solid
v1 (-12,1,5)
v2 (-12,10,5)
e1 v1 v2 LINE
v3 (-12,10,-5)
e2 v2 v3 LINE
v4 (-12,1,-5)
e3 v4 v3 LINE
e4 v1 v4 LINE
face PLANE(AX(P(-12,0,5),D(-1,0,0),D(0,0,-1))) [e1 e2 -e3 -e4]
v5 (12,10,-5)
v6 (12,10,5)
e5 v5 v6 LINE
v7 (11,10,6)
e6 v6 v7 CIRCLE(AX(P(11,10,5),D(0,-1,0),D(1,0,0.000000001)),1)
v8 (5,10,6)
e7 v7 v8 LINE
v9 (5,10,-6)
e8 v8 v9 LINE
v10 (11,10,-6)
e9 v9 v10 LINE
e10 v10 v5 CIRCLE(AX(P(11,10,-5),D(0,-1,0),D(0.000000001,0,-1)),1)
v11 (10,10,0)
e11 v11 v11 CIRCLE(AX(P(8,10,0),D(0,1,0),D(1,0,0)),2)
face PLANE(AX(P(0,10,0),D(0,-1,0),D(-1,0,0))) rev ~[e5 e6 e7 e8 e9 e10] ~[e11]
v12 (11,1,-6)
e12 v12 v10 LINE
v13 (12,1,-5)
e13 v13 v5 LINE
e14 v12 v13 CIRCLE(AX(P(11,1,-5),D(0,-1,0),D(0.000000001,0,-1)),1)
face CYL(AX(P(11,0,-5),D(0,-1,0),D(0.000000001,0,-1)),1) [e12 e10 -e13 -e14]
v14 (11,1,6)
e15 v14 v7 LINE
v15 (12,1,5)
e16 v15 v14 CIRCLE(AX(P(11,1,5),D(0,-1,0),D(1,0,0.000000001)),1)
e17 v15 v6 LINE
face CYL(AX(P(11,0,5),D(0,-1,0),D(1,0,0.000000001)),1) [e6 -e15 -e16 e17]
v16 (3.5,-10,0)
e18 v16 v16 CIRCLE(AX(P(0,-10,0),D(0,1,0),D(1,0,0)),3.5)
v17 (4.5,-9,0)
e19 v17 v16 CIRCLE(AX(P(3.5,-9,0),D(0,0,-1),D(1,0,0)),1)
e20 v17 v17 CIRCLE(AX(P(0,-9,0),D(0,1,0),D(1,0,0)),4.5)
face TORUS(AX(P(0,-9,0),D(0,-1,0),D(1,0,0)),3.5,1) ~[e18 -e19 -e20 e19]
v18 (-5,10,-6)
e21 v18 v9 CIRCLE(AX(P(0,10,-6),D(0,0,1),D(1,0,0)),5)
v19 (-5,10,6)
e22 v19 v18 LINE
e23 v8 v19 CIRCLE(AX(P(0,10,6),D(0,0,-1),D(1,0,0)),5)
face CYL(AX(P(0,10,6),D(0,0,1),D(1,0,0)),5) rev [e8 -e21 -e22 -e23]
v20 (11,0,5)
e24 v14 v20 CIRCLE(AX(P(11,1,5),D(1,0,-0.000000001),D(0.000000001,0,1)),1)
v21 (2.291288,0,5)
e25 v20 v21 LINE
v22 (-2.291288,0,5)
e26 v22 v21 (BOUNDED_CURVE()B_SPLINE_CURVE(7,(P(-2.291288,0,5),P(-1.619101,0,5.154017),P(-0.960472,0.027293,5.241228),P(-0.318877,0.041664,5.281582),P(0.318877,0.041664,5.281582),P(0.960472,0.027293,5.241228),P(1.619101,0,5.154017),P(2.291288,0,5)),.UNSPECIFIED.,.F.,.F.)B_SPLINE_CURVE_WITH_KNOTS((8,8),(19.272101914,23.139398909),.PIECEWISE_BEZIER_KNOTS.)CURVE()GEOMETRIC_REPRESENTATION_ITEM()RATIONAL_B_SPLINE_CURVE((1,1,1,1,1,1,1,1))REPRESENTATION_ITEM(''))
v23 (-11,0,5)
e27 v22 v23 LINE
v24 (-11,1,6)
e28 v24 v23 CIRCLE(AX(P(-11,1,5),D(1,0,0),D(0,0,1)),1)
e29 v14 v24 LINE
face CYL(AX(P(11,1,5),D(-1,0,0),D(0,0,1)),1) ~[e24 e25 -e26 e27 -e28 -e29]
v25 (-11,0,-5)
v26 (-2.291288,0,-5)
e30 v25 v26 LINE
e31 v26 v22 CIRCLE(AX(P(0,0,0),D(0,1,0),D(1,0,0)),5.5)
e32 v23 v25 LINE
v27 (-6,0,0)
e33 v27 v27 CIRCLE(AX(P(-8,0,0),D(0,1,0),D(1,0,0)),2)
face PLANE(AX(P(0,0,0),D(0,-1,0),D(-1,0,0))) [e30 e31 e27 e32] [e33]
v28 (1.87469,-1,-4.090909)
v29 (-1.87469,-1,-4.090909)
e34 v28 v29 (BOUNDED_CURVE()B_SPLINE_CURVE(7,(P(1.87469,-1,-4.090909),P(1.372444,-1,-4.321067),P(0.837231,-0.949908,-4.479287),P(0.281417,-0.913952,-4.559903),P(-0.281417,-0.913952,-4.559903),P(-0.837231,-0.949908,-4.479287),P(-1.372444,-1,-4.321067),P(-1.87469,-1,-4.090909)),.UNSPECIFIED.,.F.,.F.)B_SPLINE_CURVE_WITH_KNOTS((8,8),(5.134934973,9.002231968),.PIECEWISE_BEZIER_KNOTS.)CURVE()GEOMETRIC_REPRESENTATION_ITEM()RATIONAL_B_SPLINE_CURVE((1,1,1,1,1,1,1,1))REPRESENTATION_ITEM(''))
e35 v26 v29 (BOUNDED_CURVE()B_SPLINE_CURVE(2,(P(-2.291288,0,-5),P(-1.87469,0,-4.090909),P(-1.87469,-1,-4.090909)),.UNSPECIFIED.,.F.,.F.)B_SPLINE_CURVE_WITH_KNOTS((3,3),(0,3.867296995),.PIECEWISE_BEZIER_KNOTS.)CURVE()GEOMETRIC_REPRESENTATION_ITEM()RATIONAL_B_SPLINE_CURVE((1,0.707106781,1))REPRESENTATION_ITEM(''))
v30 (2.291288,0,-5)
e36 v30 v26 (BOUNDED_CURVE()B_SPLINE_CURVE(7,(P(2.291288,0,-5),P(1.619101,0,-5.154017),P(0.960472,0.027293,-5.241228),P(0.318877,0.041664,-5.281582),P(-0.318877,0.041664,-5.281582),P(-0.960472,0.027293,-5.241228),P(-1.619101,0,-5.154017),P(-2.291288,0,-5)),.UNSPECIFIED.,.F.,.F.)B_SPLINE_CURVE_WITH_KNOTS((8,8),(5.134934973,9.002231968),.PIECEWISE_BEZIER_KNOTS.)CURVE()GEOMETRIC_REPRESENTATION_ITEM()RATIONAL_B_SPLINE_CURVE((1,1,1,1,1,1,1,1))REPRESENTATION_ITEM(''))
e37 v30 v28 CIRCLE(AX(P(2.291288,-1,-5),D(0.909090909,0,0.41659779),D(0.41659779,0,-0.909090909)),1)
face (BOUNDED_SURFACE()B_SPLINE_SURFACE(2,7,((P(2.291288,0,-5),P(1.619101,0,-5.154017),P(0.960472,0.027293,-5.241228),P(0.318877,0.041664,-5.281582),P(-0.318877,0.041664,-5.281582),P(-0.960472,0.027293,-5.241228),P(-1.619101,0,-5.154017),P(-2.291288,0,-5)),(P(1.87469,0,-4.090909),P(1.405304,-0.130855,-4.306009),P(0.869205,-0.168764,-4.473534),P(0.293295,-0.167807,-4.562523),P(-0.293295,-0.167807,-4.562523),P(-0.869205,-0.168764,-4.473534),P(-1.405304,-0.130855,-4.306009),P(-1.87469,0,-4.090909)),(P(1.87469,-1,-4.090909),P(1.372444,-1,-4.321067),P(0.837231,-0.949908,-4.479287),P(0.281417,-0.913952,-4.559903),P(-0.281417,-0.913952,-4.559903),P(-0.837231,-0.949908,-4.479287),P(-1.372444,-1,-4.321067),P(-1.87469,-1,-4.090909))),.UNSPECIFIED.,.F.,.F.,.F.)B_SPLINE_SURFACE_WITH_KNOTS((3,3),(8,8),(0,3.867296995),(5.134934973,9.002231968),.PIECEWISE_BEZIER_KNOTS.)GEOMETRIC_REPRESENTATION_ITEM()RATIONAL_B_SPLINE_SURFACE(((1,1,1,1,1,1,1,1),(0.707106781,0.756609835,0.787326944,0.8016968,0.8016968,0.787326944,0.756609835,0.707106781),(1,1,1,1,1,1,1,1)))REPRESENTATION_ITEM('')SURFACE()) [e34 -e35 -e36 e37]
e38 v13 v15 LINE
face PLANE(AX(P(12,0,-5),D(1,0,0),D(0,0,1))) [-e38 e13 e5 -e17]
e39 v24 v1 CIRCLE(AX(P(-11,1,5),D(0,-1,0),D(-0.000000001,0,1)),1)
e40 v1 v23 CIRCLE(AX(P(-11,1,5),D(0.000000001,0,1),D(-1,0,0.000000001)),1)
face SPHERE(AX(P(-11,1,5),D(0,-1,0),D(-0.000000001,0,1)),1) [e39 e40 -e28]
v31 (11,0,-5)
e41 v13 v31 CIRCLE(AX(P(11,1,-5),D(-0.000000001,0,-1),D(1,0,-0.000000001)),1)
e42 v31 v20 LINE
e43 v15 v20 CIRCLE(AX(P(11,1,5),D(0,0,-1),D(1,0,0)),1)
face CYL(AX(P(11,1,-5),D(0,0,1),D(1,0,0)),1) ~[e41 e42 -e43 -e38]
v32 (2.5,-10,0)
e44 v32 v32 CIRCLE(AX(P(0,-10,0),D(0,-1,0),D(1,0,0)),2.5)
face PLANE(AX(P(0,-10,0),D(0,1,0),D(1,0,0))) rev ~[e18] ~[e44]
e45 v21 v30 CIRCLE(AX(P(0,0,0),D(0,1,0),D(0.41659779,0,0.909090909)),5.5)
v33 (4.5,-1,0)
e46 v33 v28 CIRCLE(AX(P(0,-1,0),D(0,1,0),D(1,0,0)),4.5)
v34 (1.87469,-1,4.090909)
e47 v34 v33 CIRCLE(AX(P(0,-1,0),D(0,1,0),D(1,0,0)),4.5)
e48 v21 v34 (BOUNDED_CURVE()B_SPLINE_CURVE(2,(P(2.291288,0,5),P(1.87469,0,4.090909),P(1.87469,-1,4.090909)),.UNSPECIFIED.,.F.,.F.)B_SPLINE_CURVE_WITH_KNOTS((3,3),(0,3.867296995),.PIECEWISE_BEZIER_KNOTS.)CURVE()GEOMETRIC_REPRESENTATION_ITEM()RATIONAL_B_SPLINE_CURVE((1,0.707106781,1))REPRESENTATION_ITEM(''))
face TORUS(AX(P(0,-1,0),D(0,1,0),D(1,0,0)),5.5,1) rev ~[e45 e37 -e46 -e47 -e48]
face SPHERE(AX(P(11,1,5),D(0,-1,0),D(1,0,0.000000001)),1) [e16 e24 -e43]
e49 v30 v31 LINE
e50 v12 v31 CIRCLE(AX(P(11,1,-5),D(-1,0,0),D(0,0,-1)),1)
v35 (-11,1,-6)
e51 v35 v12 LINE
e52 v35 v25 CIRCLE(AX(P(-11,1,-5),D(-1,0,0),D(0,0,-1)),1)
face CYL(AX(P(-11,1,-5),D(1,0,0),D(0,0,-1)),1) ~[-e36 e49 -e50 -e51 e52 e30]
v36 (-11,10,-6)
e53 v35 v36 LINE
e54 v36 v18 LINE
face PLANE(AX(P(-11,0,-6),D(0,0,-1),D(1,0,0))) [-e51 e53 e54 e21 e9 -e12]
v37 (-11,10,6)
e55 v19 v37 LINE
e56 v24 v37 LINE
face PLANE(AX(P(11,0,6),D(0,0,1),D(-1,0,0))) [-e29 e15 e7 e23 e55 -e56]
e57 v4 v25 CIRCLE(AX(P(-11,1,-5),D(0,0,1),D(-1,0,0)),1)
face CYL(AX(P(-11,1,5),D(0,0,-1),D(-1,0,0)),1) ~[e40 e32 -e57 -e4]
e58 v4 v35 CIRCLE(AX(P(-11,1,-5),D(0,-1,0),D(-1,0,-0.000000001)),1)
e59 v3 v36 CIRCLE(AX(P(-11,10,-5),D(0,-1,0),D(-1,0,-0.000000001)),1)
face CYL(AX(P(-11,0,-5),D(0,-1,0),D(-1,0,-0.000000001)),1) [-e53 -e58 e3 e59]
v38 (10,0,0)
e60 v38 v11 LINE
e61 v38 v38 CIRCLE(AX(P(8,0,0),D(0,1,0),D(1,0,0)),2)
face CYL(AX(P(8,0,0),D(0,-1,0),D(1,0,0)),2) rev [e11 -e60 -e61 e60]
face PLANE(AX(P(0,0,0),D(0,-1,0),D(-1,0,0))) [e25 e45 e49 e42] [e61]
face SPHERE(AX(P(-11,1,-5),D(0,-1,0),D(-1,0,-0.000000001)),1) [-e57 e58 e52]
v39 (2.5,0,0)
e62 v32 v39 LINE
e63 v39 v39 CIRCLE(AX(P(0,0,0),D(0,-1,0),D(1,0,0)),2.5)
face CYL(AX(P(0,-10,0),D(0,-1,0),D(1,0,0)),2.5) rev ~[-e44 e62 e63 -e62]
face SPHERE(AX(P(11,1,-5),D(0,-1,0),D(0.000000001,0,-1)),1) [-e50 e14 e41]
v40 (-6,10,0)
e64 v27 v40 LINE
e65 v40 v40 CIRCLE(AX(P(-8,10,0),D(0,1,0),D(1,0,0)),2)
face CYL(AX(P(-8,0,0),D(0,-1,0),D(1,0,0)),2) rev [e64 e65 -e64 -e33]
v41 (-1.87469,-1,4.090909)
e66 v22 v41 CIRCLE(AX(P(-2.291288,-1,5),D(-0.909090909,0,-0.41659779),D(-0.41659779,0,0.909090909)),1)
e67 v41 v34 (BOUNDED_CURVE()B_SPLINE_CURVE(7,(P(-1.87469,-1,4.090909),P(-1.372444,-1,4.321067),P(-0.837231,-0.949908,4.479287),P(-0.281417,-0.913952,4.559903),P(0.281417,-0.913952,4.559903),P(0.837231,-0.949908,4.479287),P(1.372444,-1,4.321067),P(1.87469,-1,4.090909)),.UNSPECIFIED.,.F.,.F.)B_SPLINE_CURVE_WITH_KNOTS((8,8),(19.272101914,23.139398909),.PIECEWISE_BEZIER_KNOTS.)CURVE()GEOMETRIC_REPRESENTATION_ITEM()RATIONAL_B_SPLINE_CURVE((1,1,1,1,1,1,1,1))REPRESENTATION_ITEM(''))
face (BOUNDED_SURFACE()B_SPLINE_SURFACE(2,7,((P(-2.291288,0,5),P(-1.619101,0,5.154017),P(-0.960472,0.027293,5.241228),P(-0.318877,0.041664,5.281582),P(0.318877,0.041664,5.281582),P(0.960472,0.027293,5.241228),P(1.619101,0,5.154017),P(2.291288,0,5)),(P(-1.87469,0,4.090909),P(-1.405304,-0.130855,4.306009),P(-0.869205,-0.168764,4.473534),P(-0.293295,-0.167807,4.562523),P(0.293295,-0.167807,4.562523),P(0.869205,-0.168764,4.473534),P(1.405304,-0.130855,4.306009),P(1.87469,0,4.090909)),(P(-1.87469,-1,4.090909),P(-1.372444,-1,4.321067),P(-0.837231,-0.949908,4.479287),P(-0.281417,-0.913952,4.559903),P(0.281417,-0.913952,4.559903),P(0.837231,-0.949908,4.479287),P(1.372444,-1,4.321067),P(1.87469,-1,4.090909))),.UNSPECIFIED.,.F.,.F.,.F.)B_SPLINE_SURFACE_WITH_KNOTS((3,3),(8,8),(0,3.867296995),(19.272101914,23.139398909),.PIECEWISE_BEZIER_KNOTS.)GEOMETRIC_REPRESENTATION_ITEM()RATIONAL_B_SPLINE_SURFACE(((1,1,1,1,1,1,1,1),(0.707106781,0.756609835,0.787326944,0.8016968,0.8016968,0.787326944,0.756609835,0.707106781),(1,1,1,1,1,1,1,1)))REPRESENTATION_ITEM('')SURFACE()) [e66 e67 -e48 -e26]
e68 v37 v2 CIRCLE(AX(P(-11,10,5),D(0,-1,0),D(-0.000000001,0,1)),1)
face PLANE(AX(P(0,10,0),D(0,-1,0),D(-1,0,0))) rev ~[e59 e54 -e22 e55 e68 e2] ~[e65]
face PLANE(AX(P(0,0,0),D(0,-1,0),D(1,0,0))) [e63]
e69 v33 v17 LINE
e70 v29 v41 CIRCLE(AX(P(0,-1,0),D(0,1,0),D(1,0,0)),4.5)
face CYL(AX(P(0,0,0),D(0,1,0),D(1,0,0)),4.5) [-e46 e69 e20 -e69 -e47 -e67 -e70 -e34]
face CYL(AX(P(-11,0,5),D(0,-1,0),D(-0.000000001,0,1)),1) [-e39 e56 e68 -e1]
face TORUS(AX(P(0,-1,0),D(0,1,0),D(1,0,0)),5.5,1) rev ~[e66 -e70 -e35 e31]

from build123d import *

# Parameters (mm, degrees)
SKETCH1_R           = 2
BOSS_EXTRUDE1_DEPTH = 10
SKETCH1_3_R         = 4.5
BOSS_EXTRUDE2_DEPTH = 10
CUT_EXTRUDE1_DEPTH  = 20.697715604
FILLET1_R           = 1
FILLET2_R           = 1
SKETCH3_R           = 2.5
CUT_EXTRUDE2_DEPTH  = 10


with BuildPart() as part:
    # Sketch1 → Boss-Extrude1 (new body)
    with BuildSketch(Plane(origin=(0, 0, 0), x_dir=(1, 0, 0), z_dir=(0, 1, 0))):
        with BuildLine():
            ThreePointArc((-12, -5), (-11.707106781, -5.707106781), (-11, -6))
            Line((-11, -6), (11, -6))
            ThreePointArc((11, -6), (11.707106781, -5.707106781), (12, -5))
            Line((12, -5), (12, 5))
            ThreePointArc((12, 5), (11.707106781, 5.707106781), (11, 6))
            Line((11, 6), (-11, 6))
            ThreePointArc((-11, 6), (-11.707106781, 5.707106781), (-12, 5))
            Line((-12, 5), (-12, -5))
        make_face()
        with Locations((-8, 0)):
            Circle(SKETCH1_R, mode=Mode.SUBTRACT)
        with Locations((8, 0)):
            Circle(SKETCH1_R, mode=Mode.SUBTRACT)
    extrude(amount=BOSS_EXTRUDE1_DEPTH)

    # Sketch1<3> → Boss-Extrude2 (add)
    with BuildSketch(Plane(origin=(0, 0, 0), x_dir=(1, 0, 0), z_dir=(0, 1, 0))):
        Circle(SKETCH1_3_R)
    extrude(amount=-BOSS_EXTRUDE2_DEPTH)

    # Sketch2 → Cut-Extrude1 (cut, through all)
    with BuildSketch(Plane.XY.offset(6)):
        with BuildLine():
            Line((-5, 10), (5, 10))
            ThreePointArc((5, 10), (0, 5), (-5, 10))
        make_face()
    extrude(amount=-CUT_EXTRUDE1_DEPTH, mode=Mode.SUBTRACT)

    # Fillet1
    fillet1_edges = [part.edges().sort_by_distance(p)[0] for p in [
        (-11.707106781, 0, 5.707106781),
        (-12, 0, 0),
        (-11.707106781, 0, -5.707106781),
        (0, 0, -6),
        (11.707106781, 0, -5.707106781),
        (12, 0, 0),
        (11.707106781, 0, 5.707106781),
        (-4.5, -10, 0),
        (0, 0, 6),
    ]]
    fillet(fillet1_edges, radius=FILLET1_R)

    # Fillet2
    fillet2_edges = [part.edges().sort_by_distance(p)[0] for p in [
        (-4.5, 0, 0),
    ]]
    fillet(fillet2_edges, radius=FILLET2_R)

    # Sketch3 → Cut-Extrude2 (cut)
    with BuildSketch(Plane.XZ.offset(10)):
        Circle(SKETCH3_R)
    extrude(amount=-CUT_EXTRUDE2_DEPTH, mode=Mode.SUBTRACT)


solid = part.part
